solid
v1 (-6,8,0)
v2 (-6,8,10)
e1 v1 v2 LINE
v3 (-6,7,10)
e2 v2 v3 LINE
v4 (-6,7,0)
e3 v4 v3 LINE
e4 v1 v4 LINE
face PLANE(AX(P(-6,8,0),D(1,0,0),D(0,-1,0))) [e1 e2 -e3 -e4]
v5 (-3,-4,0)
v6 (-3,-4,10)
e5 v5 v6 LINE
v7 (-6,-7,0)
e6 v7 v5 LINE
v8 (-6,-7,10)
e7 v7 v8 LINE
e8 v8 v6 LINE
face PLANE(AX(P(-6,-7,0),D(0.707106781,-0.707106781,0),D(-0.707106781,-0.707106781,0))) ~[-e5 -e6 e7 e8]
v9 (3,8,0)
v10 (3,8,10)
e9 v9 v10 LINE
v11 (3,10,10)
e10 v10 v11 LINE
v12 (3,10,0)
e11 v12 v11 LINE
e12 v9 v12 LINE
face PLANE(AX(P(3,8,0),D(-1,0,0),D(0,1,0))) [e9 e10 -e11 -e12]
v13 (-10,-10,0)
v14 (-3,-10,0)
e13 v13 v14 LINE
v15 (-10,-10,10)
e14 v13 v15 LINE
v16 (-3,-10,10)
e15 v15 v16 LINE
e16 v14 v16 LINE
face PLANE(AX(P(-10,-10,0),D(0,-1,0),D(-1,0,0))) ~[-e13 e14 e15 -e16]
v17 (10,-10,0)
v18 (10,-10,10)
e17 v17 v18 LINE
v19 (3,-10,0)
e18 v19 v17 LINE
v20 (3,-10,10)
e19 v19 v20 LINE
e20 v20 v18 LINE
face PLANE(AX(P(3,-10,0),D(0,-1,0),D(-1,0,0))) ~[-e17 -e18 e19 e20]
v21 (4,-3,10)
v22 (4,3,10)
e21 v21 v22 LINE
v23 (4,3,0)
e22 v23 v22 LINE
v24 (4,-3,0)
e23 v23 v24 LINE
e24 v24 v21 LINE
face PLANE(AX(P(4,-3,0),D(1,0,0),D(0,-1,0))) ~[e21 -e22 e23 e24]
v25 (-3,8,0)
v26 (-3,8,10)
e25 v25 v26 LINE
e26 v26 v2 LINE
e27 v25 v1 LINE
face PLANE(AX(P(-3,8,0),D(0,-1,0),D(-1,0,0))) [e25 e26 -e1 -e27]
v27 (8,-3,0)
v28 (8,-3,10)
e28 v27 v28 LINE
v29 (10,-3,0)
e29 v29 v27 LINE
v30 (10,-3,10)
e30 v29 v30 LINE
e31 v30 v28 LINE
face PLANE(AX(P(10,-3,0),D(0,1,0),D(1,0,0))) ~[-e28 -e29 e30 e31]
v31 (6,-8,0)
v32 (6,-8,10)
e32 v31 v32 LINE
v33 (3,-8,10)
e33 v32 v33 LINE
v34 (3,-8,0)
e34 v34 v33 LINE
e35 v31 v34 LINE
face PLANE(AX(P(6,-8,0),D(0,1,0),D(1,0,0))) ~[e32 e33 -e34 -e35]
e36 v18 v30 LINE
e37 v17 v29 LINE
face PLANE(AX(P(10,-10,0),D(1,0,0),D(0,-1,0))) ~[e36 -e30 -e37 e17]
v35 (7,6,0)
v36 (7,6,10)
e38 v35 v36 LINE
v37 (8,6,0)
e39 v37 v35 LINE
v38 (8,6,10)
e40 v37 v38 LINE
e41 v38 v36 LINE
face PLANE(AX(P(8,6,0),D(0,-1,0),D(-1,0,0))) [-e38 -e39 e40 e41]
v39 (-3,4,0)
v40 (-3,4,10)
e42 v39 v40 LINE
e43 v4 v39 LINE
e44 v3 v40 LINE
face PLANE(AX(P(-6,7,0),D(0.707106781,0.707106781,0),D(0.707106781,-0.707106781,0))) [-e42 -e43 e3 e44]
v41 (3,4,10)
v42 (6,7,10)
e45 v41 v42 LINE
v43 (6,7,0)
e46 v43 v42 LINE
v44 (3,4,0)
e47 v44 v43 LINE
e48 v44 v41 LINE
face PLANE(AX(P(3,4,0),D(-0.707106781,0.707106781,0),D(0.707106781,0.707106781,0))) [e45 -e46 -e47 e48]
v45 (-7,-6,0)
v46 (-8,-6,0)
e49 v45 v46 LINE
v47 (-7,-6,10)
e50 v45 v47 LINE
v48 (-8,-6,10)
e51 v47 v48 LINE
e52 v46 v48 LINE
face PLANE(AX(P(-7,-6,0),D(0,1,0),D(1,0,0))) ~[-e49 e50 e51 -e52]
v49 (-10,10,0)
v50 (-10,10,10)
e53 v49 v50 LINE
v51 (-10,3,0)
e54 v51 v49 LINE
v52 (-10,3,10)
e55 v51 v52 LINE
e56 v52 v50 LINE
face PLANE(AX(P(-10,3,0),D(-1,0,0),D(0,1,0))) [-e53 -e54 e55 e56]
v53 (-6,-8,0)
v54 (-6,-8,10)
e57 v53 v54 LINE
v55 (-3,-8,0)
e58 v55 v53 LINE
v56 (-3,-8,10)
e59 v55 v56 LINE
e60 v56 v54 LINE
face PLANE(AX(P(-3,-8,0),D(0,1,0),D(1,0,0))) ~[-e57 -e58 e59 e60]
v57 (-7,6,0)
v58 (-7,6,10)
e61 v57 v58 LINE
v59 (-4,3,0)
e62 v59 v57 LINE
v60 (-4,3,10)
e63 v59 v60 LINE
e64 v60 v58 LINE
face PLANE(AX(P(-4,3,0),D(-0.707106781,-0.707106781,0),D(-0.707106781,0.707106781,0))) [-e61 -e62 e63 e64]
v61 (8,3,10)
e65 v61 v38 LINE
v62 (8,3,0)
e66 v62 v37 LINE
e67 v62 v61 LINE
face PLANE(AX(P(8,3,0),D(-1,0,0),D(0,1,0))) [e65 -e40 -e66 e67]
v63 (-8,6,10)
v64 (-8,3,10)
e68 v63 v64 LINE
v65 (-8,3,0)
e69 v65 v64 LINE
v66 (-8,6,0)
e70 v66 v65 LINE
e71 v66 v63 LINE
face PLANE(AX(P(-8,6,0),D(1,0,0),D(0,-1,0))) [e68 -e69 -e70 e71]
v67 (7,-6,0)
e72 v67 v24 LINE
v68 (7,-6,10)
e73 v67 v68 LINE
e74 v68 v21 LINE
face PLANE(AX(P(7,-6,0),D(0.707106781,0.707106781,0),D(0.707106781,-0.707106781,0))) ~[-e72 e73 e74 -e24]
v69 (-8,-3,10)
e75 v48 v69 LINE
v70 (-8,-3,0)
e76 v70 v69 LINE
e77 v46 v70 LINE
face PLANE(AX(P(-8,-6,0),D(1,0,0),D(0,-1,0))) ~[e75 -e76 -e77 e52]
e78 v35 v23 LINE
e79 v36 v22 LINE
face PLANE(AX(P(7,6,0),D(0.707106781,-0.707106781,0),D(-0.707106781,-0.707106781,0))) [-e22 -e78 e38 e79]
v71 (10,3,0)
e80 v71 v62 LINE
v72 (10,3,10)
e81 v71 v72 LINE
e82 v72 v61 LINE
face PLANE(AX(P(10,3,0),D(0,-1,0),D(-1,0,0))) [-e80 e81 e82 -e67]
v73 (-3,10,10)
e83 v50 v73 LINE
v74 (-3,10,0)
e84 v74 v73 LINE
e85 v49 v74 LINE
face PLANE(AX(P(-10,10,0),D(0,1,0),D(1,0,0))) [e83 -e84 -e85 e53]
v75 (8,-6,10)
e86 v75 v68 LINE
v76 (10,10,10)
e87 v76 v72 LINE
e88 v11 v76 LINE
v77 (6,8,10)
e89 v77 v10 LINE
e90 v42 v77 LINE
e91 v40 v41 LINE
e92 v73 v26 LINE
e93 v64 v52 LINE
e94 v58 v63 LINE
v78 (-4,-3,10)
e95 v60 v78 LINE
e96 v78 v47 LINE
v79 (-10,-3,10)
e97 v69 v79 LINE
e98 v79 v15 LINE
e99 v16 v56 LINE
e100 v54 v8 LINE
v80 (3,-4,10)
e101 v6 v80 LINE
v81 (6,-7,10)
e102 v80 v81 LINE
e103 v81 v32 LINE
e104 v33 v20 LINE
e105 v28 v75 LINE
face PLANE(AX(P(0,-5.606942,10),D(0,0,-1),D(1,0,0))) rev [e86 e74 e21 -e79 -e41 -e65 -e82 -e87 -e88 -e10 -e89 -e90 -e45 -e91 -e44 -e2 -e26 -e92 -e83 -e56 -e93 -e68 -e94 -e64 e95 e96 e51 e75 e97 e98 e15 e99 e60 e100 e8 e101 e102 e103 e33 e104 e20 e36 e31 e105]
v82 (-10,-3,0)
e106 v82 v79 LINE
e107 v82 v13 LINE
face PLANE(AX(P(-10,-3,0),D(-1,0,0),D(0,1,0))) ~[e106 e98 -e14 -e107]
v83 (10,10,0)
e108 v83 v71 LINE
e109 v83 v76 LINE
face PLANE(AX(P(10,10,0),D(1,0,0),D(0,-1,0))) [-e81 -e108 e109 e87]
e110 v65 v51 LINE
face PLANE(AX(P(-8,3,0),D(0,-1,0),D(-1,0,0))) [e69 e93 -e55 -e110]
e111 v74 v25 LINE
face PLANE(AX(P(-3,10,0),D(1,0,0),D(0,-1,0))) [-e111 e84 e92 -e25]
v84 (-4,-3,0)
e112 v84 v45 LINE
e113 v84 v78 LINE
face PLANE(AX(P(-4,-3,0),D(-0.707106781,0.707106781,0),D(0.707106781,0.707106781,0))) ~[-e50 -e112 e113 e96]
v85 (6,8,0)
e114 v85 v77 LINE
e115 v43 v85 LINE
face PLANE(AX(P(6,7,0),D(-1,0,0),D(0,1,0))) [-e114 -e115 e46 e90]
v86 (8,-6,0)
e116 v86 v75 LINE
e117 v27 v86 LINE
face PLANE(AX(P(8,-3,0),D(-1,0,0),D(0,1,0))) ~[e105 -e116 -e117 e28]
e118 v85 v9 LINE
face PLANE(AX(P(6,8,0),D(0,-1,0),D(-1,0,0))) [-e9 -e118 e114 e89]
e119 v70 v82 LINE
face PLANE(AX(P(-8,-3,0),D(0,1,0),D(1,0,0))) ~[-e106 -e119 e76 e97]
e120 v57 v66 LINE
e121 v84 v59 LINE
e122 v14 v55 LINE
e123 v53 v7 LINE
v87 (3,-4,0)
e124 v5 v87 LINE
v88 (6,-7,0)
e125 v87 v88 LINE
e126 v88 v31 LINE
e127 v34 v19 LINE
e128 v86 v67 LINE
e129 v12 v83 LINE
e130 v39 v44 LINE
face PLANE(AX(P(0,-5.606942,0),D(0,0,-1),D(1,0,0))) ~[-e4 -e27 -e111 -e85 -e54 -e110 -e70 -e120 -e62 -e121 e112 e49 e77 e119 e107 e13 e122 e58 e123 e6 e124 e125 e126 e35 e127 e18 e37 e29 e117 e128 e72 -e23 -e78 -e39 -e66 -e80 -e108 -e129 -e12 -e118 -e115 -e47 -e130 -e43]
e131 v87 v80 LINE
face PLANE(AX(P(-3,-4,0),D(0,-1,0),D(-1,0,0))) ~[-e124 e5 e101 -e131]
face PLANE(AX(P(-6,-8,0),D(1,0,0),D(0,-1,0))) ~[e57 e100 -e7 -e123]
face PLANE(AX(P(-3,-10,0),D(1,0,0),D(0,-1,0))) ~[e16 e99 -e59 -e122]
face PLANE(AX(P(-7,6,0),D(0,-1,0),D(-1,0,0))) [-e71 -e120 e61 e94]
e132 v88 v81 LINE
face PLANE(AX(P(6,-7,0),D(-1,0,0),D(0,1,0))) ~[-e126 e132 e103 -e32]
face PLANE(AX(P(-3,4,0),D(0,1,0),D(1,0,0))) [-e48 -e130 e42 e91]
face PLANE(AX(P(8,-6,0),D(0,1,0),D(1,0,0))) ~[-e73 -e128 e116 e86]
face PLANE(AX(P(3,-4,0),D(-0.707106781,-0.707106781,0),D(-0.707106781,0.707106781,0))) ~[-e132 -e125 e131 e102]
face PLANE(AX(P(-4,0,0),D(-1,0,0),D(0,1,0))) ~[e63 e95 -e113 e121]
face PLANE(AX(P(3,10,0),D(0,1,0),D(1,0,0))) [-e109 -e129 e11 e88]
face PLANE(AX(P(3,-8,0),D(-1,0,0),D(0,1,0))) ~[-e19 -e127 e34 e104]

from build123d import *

# Parameters (mm, degrees)
PAD_DEPTH    = 10
SKETCH001_R  = 2
POCKET_DEPTH = 4.001


with BuildPart() as change_me_for_height:
    # Sketch → Pad (new body)
    with BuildSketch(Plane.XY):
        Polygon((-10, 3), (-10, 10), (-3, 10), (-3, 8), (-6, 8), (-6, 7), (-3, 4), (3, 4), (6, 7), (6, 8), (3, 8), (3, 10), (10, 10), (10, 3), (8, 3), (8, 6), (7, 6), (4, 3), (4, 0), (-4, 0), (-4, 3), (-7, 6), (-8, 6), (-8, 3), align=None)
    pad = extrude(amount=PAD_DEPTH)


with BuildPart() as mirrored:
    # Mirrored base: copy of Change_me_for_height
    add(change_me_for_height.part)

    # Mirrored: Pad across Sketch H_Axis
    add(pad.mirror(Plane.ZX))


with BuildPart() as pocket:
    # Fusion base: copy of Change_me_for_height
    add(change_me_for_height.part)

    # Fusion: union Mirrored
    add(mirrored.part)

    # Sketch001 → Pocket (cut, through all)
    with BuildSketch(Plane.XZ.offset(-6)):
        Circle(SKETCH001_R)
    extrude(amount=-POCKET_DEPTH, mode=Mode.SUBTRACT)


solid = pocket.part
